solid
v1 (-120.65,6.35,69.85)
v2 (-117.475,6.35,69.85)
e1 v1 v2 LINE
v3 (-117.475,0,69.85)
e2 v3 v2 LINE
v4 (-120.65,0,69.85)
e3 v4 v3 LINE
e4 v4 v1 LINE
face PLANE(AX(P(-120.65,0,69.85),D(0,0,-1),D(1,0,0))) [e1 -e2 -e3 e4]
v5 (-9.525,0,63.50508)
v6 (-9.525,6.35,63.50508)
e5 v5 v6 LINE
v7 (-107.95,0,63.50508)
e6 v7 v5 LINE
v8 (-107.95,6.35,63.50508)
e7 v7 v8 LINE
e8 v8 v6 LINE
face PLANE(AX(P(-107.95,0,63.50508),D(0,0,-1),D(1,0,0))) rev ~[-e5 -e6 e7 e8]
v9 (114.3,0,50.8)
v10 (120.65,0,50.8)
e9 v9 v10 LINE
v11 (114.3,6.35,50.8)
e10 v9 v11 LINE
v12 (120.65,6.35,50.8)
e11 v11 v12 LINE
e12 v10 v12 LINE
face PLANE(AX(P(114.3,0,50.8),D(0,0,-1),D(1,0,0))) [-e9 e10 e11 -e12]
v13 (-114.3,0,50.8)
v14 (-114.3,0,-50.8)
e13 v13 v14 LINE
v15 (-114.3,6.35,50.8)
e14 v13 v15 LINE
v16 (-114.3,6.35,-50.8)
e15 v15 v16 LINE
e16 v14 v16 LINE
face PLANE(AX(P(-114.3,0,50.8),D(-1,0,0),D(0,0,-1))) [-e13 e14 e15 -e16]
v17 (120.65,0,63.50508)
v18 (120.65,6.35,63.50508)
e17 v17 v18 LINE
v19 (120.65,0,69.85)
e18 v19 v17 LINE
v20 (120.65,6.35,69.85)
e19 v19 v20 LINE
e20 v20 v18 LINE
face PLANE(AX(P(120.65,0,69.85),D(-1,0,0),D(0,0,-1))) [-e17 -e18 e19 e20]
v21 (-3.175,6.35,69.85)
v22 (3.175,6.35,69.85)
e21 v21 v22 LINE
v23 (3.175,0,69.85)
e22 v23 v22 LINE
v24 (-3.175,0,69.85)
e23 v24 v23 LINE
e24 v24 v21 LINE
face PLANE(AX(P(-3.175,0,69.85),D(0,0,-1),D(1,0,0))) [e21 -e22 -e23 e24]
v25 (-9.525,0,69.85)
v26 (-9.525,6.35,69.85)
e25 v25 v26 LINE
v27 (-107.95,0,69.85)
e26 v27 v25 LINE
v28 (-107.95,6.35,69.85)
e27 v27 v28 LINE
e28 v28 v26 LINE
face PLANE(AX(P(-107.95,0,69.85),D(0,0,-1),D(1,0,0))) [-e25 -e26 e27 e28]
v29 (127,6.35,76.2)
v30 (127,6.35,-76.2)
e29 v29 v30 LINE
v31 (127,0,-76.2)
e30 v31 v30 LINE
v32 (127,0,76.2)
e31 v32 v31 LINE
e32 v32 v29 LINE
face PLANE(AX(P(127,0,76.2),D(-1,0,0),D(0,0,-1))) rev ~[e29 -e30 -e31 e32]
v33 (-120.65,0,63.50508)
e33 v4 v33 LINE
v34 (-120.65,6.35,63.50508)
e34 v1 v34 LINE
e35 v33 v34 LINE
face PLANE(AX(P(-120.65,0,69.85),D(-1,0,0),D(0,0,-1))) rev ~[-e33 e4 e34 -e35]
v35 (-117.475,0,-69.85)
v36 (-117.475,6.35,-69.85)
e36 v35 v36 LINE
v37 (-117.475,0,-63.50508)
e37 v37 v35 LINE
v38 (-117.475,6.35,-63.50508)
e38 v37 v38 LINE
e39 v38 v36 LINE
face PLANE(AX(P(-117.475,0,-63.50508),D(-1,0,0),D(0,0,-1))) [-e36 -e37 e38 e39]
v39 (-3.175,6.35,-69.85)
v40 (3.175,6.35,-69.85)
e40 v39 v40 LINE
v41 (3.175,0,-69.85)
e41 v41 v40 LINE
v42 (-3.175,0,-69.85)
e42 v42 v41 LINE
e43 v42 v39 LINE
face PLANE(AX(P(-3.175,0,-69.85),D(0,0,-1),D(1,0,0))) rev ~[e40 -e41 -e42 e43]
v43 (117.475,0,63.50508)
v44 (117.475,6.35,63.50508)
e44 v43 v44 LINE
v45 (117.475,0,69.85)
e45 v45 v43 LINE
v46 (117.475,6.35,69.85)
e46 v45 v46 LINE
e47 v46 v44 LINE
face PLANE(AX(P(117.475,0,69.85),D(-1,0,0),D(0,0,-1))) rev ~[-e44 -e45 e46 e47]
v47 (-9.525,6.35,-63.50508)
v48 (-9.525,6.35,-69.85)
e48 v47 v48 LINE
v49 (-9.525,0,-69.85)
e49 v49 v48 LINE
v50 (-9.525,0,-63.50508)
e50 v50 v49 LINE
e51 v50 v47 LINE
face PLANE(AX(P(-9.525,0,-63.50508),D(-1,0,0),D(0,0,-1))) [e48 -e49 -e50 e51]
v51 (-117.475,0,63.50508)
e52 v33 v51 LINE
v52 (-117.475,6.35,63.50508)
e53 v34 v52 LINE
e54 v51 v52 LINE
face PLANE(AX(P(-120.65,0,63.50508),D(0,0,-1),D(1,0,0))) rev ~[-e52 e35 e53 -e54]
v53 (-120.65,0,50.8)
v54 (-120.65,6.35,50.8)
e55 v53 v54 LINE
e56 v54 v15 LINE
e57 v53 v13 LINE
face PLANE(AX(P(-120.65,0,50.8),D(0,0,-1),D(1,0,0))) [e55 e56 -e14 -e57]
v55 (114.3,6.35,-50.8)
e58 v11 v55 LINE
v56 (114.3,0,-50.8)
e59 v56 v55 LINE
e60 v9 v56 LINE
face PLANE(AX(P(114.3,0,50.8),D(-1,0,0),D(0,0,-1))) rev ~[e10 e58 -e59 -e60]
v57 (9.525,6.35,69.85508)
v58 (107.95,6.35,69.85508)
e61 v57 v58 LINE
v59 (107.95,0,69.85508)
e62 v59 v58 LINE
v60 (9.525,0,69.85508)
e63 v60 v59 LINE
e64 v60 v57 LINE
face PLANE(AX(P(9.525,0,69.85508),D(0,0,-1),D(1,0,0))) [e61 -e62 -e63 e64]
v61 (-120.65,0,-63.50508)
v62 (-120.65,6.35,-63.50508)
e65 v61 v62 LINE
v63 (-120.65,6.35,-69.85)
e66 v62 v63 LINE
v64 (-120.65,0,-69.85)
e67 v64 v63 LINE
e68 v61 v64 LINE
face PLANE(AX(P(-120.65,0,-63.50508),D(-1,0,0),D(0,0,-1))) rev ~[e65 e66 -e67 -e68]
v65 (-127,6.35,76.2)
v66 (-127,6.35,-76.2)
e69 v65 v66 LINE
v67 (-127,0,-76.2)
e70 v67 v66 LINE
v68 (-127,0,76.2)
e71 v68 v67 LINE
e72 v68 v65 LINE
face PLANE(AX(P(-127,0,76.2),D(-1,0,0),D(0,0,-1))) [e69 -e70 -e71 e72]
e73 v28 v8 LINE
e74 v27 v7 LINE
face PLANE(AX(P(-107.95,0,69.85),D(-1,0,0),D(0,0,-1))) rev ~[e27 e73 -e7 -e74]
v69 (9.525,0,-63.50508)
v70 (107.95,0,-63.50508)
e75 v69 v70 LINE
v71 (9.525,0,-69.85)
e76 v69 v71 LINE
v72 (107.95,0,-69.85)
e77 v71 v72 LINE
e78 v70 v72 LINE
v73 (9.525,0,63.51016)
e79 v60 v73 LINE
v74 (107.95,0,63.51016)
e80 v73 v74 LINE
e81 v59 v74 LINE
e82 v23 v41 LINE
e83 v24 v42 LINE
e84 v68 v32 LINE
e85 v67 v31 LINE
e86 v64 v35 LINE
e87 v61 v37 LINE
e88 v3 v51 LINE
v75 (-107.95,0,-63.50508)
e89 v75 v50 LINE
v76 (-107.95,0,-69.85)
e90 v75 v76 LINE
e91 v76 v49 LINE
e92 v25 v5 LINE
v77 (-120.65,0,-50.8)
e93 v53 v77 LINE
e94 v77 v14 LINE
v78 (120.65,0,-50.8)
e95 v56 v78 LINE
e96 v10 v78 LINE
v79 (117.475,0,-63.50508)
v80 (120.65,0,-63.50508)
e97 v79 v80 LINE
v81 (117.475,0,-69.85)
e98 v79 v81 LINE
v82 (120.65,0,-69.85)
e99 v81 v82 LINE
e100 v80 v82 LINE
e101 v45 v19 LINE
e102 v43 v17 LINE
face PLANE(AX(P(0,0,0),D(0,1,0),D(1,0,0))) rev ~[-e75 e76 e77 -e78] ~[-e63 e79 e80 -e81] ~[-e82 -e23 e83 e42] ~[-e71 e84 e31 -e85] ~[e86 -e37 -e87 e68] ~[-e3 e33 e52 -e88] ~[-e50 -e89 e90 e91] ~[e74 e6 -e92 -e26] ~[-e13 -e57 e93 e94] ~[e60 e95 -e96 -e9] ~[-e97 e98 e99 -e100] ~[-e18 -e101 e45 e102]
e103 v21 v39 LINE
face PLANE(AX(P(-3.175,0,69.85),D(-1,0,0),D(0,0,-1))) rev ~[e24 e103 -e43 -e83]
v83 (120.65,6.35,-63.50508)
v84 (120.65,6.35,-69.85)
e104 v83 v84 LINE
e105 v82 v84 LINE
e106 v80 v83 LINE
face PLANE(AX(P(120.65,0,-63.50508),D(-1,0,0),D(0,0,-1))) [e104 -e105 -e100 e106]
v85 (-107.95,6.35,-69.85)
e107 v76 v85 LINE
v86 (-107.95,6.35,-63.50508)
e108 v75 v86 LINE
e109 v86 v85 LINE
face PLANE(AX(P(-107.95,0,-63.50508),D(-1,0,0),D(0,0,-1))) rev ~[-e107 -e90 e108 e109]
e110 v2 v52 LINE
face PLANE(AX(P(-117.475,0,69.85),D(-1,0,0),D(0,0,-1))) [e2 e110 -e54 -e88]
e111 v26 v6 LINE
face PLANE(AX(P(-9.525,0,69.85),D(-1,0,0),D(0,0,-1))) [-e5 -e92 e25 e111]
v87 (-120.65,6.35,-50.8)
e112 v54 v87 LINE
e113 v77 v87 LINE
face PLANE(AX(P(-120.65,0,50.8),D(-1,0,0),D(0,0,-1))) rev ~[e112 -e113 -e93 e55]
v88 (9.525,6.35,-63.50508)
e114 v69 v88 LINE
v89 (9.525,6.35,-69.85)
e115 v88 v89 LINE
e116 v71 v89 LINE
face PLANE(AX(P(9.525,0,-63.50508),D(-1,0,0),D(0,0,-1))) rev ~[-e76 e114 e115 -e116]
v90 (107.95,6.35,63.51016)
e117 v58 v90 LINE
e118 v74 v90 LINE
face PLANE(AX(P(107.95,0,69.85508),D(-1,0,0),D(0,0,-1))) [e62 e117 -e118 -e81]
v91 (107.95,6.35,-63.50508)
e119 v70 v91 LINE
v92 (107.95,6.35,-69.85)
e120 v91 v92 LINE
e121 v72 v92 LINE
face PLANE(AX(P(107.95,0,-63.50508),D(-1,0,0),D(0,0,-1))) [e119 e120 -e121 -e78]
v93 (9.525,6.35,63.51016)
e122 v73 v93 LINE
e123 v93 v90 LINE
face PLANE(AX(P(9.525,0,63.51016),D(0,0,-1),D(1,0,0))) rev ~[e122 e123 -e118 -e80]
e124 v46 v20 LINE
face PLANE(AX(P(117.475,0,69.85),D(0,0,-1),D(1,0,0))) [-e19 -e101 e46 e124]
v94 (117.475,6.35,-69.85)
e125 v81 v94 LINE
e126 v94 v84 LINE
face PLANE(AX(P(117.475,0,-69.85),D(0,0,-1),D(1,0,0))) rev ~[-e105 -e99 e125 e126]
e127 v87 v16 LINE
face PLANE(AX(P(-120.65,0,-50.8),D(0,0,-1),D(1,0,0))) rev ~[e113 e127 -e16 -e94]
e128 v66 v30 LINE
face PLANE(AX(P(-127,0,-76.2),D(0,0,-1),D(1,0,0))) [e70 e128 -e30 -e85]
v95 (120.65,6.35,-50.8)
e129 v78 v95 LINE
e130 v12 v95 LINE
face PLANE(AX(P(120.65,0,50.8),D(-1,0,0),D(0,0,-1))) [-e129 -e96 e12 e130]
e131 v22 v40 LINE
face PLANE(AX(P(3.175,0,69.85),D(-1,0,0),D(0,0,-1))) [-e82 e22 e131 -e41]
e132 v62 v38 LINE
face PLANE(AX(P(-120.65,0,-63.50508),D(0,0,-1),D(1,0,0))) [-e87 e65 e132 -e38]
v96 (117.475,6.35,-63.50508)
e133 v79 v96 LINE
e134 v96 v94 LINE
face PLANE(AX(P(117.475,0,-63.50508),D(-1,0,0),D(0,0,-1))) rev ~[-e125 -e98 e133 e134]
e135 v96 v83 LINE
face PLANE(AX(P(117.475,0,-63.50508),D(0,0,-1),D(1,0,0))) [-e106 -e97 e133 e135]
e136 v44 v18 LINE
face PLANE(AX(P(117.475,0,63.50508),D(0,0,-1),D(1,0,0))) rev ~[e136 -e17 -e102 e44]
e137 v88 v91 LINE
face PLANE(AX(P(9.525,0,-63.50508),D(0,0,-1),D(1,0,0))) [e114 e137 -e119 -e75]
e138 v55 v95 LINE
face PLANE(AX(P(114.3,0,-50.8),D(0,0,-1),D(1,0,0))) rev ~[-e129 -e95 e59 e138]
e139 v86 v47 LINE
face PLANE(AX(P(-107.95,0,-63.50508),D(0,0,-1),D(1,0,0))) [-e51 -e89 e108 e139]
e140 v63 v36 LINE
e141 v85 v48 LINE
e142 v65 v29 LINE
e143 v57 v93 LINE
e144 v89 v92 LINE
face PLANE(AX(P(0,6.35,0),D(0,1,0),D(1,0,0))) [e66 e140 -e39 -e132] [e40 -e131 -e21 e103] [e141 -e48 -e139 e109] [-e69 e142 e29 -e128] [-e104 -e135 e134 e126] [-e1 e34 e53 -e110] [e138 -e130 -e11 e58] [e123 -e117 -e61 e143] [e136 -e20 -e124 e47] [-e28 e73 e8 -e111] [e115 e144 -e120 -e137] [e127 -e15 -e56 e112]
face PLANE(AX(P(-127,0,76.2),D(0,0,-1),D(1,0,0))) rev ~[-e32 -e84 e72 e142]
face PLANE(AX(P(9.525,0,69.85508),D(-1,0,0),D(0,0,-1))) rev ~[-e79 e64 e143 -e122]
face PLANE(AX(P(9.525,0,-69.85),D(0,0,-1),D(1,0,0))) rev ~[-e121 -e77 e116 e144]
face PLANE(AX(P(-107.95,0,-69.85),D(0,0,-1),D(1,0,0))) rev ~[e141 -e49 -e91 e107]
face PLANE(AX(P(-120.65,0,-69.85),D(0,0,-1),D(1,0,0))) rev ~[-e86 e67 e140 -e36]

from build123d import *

# Parameters (mm, degrees)
SKETCH1_W           = 254
SKETCH1_H           = 152.4
SKETCH1_W_2         = 6.35
SKETCH1_H_2         = 101.6
SKETCH1_H_3         = 139.7
SKETCH1_W_3         = 98.425
SKETCH1_H_4         = 6.34492
SKETCH1_W_4         = 3.175
BOSS_EXTRUDE1_DEPTH = 6.35


with BuildPart() as part:
    # Sketch1 → Boss-Extrude1 (new body)
    with BuildSketch(Plane(origin=(0, 0, 0), x_dir=(1, 0, 0), z_dir=(0, 1, 0))):
        Rectangle(SKETCH1_W, SKETCH1_H)
        with Locations((117.475, 0)):
            Rectangle(SKETCH1_W_2, SKETCH1_H_2, mode=Mode.SUBTRACT)
        Rectangle(SKETCH1_W_2, SKETCH1_H_3, mode=Mode.SUBTRACT)
        with Locations((-117.475, 0)):
            Rectangle(SKETCH1_W_2, SKETCH1_H_2, mode=Mode.SUBTRACT)
        with Locations((-58.7375, 66.67754)):
            Rectangle(SKETCH1_W_3, SKETCH1_H_4, mode=Mode.SUBTRACT)
        with Locations((58.7375, -66.68262)):
            Rectangle(SKETCH1_W_3, SKETCH1_H_4, mode=Mode.SUBTRACT)
        with Locations((58.7375, 66.67754)):
            Rectangle(SKETCH1_W_3, SKETCH1_H_4, mode=Mode.SUBTRACT)
        with Locations((-58.7375, -66.67754)):
            Rectangle(SKETCH1_W_3, SKETCH1_H_4, mode=Mode.SUBTRACT)
        with Locations((-119.0625, -66.67754)):
            Rectangle(SKETCH1_W_4, SKETCH1_H_4, mode=Mode.SUBTRACT)
        with Locations((119.0625, -66.67754)):
            Rectangle(SKETCH1_W_4, SKETCH1_H_4, mode=Mode.SUBTRACT)
        with Locations((-119.0625, 66.67754)):
            Rectangle(SKETCH1_W_4, SKETCH1_H_4, mode=Mode.SUBTRACT)
        with Locations((119.0625, 66.67754)):
            Rectangle(SKETCH1_W_4, SKETCH1_H_4, mode=Mode.SUBTRACT)
    extrude(amount=BOSS_EXTRUDE1_DEPTH)


solid = part.part
